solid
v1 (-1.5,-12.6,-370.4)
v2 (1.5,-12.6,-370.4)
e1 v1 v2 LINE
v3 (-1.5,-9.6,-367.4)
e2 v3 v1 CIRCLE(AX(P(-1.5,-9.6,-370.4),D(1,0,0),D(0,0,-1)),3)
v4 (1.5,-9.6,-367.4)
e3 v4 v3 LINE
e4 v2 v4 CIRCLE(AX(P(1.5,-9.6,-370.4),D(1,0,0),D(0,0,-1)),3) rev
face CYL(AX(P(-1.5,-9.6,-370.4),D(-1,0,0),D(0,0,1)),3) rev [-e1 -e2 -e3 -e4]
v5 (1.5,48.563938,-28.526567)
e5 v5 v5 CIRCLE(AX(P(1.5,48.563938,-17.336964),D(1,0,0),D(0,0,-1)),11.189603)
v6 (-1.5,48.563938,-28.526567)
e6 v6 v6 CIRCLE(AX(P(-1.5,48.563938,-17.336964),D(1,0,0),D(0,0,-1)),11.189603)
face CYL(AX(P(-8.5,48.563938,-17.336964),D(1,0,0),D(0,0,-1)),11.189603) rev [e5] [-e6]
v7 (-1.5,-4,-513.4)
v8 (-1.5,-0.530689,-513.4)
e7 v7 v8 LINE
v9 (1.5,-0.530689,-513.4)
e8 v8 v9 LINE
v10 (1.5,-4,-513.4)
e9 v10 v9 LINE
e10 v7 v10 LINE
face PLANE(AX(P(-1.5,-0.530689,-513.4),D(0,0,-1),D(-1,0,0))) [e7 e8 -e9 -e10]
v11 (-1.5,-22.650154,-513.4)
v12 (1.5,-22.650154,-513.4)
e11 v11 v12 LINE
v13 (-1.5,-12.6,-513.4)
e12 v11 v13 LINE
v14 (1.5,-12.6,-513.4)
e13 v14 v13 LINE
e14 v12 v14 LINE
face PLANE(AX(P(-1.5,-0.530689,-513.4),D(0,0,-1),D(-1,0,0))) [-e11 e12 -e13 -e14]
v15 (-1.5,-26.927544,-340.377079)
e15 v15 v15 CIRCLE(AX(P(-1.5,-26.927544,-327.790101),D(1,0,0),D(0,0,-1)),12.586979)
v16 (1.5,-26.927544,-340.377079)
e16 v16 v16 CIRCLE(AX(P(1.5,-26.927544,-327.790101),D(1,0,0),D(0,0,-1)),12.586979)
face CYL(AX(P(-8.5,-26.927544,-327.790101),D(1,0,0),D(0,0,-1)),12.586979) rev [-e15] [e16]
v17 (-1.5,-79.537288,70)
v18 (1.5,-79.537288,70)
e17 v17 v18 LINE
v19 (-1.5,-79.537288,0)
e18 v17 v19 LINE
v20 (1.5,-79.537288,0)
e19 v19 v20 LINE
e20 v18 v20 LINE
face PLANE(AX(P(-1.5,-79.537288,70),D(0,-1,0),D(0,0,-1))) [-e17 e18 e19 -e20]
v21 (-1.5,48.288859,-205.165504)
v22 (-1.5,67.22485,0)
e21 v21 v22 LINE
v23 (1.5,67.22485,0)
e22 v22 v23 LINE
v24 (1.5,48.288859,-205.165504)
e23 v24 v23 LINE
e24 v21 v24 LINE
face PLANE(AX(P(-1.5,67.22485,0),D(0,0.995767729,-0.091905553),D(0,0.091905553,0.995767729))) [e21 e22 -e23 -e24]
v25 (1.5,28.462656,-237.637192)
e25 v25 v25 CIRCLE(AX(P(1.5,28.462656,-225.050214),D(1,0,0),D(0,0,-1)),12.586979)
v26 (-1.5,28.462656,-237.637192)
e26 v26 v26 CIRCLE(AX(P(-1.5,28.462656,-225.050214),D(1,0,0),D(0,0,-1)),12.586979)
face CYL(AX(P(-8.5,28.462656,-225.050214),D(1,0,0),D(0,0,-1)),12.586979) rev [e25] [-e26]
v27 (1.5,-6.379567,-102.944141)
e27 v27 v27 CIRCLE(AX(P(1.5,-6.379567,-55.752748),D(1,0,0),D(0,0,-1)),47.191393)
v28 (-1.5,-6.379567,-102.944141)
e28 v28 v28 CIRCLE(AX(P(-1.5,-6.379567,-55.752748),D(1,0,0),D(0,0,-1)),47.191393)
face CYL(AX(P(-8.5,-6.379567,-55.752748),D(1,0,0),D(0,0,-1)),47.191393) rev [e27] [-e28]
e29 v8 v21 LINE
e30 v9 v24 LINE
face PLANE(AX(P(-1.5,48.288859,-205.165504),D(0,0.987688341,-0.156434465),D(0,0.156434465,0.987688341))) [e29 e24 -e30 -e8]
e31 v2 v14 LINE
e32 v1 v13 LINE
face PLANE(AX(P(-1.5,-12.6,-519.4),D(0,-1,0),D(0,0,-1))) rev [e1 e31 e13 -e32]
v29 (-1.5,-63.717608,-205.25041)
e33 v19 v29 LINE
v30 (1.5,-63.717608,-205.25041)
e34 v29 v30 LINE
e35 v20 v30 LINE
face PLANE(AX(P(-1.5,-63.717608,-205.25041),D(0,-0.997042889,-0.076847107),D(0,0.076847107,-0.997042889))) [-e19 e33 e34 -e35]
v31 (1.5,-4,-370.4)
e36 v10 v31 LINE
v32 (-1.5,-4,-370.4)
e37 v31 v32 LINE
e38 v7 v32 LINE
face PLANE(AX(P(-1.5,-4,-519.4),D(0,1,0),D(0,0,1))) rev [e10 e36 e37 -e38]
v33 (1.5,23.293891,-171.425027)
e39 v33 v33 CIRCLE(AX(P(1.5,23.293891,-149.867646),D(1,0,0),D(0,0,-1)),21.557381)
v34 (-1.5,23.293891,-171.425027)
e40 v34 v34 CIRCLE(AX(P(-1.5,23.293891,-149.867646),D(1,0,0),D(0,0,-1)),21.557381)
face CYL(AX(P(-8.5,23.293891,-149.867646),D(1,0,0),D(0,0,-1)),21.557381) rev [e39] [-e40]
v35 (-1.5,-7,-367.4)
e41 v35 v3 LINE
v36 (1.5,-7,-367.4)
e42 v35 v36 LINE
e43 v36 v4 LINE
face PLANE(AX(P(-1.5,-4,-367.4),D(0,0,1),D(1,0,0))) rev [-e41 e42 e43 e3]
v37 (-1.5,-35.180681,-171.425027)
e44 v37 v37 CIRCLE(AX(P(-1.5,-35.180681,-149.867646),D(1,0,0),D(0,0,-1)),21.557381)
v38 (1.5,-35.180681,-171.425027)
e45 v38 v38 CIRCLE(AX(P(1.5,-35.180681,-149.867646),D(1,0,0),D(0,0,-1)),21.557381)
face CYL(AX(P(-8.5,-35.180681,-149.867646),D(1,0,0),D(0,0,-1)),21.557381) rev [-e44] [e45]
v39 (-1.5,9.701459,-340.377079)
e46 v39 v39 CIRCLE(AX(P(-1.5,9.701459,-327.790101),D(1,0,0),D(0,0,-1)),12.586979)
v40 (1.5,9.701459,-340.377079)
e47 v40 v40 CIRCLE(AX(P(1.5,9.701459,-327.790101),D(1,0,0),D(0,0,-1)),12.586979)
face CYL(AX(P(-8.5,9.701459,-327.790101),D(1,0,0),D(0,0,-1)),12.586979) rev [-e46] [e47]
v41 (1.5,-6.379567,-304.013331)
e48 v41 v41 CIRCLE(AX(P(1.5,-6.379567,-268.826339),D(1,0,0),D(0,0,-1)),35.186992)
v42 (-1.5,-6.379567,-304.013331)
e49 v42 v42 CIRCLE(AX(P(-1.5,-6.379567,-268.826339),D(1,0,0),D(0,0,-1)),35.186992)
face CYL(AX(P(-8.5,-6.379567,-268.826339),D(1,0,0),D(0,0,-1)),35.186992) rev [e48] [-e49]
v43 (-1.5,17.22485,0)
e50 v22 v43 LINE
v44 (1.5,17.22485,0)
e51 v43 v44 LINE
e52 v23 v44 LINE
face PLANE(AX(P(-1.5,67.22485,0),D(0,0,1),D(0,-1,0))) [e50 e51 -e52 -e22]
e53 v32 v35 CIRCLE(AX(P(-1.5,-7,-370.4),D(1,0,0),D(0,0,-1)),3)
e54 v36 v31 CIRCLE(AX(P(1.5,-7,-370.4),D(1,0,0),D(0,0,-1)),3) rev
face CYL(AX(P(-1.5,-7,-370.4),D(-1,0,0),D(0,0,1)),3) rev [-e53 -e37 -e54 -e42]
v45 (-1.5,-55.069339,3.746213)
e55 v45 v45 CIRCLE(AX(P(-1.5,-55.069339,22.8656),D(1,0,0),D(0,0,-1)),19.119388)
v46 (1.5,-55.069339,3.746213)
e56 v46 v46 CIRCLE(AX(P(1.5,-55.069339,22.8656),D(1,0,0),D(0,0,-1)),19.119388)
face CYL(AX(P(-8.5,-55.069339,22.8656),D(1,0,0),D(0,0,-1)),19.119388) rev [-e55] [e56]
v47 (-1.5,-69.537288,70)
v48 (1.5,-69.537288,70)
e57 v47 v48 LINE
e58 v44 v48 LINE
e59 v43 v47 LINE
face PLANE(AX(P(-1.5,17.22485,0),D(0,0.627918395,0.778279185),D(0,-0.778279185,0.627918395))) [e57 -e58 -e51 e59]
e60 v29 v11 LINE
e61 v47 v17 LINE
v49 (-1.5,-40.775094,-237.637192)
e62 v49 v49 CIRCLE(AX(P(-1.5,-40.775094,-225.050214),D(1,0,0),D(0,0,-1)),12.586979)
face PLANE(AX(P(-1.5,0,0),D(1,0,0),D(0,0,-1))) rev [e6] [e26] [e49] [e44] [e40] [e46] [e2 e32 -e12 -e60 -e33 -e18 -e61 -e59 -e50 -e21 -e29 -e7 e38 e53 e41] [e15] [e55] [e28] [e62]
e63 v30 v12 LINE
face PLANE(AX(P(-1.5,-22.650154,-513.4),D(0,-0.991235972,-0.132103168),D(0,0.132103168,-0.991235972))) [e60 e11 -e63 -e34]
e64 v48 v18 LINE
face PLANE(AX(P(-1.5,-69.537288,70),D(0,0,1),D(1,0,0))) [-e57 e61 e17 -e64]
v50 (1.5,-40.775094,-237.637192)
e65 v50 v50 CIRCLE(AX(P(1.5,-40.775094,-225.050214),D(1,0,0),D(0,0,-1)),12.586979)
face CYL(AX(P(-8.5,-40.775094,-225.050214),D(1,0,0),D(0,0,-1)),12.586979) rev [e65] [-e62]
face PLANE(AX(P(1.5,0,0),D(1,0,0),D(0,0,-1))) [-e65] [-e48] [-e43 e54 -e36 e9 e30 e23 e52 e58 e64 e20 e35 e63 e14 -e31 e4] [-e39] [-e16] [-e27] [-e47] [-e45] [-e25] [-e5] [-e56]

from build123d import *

# Parameters (mm, degrees)
BOSS_EXTRUDE1_DEPTH      = 1.5
BOSS_EXTRUDE1_DEPTH_BACK = 1.5
SKETCH3_W                = 152
SKETCH3_H                = 8.6
CUT_EXTRUDE1_DEPTH       = 520.533194562
FILLET1_R                = 3
SKETCH4_R                = 19.119387796
SKETCH4_R_2              = 47.191393473
SKETCH4_R_3              = 35.18699184
SKETCH4_R_4              = 12.586978738
SKETCH4_R_5              = 11.189603354
SKETCH4_R_6              = 21.557380713
CUT_EXTRUDE2_DEPTH       = 10


with BuildPart() as part:
    # Sketch2 → Boss-Extrude1 (new, two sides: drawn at the far end of the back side and taken through both)
    with BuildSketch(Plane(origin=(0, 0, 0), x_dir=(0, 0, -1), z_dir=(1, 0, 0)).offset(-BOSS_EXTRUDE1_DEPTH_BACK)):
        Polygon((0, 67.22485033), (205.165503831, 48.288859026), (513.4, -0.530689138), (513.4, -22.650154351), (205.250409944, -63.717607751), (0, -79.537288439), (-70, -79.537288439), (-70, -69.537288439), (0, 17.22485033), align=None)
    extrude(amount=BOSS_EXTRUDE1_DEPTH + BOSS_EXTRUDE1_DEPTH_BACK)

    # Sketch3 → Cut-Extrude1 (cut, through all)
    with BuildSketch(Plane(origin=(1.5, 0, 0), x_dir=(0, 0, -1), z_dir=(1, 0, 0))):
        with Locations((443.4, -8.3)):
            Rectangle(SKETCH3_W, SKETCH3_H)
    extrude(amount=-CUT_EXTRUDE1_DEPTH, mode=Mode.SUBTRACT)

    # Fillet1
    fillet1_edges = [part.edges().sort_by_distance(p)[0] for p in [
        (0, -12.6, -367.4),
        (0, -4, -367.4),
    ]]
    fillet(fillet1_edges, radius=FILLET1_R)

    # Sketch4 → Cut-Extrude2 (cut)
    with BuildSketch(Plane(origin=(1.5, 0, 0), x_dir=(0, 0, -1), z_dir=(1, 0, 0))):
        with Locations((-22.865600385, -55.069339131)):
            Circle(SKETCH4_R)
        with Locations((55.752747866, -6.379566635)):
            Circle(SKETCH4_R_2)
        with Locations((268.826339435, -6.379566635)):
            Circle(SKETCH4_R_3)
        with Locations((225.050213704, 28.462655886)):
            Circle(SKETCH4_R_4)
        with Locations((17.336964062, 48.563938109)):
            Circle(SKETCH4_R_5)
        with Locations((225.050213704, -40.775093995)):
            Circle(SKETCH4_R_4)
        with Locations((327.790100624, -26.927544019)):
            Circle(SKETCH4_R_4)
        with Locations((327.790100624, 9.701459144)):
            Circle(SKETCH4_R_4)
        with Locations((149.867646424, 23.293890716)):
            Circle(SKETCH4_R_6)
        with Locations((149.867646424, -35.180680846)):
            Circle(SKETCH4_R_6)
    extrude(amount=-CUT_EXTRUDE2_DEPTH, mode=Mode.SUBTRACT)


solid = part.part
